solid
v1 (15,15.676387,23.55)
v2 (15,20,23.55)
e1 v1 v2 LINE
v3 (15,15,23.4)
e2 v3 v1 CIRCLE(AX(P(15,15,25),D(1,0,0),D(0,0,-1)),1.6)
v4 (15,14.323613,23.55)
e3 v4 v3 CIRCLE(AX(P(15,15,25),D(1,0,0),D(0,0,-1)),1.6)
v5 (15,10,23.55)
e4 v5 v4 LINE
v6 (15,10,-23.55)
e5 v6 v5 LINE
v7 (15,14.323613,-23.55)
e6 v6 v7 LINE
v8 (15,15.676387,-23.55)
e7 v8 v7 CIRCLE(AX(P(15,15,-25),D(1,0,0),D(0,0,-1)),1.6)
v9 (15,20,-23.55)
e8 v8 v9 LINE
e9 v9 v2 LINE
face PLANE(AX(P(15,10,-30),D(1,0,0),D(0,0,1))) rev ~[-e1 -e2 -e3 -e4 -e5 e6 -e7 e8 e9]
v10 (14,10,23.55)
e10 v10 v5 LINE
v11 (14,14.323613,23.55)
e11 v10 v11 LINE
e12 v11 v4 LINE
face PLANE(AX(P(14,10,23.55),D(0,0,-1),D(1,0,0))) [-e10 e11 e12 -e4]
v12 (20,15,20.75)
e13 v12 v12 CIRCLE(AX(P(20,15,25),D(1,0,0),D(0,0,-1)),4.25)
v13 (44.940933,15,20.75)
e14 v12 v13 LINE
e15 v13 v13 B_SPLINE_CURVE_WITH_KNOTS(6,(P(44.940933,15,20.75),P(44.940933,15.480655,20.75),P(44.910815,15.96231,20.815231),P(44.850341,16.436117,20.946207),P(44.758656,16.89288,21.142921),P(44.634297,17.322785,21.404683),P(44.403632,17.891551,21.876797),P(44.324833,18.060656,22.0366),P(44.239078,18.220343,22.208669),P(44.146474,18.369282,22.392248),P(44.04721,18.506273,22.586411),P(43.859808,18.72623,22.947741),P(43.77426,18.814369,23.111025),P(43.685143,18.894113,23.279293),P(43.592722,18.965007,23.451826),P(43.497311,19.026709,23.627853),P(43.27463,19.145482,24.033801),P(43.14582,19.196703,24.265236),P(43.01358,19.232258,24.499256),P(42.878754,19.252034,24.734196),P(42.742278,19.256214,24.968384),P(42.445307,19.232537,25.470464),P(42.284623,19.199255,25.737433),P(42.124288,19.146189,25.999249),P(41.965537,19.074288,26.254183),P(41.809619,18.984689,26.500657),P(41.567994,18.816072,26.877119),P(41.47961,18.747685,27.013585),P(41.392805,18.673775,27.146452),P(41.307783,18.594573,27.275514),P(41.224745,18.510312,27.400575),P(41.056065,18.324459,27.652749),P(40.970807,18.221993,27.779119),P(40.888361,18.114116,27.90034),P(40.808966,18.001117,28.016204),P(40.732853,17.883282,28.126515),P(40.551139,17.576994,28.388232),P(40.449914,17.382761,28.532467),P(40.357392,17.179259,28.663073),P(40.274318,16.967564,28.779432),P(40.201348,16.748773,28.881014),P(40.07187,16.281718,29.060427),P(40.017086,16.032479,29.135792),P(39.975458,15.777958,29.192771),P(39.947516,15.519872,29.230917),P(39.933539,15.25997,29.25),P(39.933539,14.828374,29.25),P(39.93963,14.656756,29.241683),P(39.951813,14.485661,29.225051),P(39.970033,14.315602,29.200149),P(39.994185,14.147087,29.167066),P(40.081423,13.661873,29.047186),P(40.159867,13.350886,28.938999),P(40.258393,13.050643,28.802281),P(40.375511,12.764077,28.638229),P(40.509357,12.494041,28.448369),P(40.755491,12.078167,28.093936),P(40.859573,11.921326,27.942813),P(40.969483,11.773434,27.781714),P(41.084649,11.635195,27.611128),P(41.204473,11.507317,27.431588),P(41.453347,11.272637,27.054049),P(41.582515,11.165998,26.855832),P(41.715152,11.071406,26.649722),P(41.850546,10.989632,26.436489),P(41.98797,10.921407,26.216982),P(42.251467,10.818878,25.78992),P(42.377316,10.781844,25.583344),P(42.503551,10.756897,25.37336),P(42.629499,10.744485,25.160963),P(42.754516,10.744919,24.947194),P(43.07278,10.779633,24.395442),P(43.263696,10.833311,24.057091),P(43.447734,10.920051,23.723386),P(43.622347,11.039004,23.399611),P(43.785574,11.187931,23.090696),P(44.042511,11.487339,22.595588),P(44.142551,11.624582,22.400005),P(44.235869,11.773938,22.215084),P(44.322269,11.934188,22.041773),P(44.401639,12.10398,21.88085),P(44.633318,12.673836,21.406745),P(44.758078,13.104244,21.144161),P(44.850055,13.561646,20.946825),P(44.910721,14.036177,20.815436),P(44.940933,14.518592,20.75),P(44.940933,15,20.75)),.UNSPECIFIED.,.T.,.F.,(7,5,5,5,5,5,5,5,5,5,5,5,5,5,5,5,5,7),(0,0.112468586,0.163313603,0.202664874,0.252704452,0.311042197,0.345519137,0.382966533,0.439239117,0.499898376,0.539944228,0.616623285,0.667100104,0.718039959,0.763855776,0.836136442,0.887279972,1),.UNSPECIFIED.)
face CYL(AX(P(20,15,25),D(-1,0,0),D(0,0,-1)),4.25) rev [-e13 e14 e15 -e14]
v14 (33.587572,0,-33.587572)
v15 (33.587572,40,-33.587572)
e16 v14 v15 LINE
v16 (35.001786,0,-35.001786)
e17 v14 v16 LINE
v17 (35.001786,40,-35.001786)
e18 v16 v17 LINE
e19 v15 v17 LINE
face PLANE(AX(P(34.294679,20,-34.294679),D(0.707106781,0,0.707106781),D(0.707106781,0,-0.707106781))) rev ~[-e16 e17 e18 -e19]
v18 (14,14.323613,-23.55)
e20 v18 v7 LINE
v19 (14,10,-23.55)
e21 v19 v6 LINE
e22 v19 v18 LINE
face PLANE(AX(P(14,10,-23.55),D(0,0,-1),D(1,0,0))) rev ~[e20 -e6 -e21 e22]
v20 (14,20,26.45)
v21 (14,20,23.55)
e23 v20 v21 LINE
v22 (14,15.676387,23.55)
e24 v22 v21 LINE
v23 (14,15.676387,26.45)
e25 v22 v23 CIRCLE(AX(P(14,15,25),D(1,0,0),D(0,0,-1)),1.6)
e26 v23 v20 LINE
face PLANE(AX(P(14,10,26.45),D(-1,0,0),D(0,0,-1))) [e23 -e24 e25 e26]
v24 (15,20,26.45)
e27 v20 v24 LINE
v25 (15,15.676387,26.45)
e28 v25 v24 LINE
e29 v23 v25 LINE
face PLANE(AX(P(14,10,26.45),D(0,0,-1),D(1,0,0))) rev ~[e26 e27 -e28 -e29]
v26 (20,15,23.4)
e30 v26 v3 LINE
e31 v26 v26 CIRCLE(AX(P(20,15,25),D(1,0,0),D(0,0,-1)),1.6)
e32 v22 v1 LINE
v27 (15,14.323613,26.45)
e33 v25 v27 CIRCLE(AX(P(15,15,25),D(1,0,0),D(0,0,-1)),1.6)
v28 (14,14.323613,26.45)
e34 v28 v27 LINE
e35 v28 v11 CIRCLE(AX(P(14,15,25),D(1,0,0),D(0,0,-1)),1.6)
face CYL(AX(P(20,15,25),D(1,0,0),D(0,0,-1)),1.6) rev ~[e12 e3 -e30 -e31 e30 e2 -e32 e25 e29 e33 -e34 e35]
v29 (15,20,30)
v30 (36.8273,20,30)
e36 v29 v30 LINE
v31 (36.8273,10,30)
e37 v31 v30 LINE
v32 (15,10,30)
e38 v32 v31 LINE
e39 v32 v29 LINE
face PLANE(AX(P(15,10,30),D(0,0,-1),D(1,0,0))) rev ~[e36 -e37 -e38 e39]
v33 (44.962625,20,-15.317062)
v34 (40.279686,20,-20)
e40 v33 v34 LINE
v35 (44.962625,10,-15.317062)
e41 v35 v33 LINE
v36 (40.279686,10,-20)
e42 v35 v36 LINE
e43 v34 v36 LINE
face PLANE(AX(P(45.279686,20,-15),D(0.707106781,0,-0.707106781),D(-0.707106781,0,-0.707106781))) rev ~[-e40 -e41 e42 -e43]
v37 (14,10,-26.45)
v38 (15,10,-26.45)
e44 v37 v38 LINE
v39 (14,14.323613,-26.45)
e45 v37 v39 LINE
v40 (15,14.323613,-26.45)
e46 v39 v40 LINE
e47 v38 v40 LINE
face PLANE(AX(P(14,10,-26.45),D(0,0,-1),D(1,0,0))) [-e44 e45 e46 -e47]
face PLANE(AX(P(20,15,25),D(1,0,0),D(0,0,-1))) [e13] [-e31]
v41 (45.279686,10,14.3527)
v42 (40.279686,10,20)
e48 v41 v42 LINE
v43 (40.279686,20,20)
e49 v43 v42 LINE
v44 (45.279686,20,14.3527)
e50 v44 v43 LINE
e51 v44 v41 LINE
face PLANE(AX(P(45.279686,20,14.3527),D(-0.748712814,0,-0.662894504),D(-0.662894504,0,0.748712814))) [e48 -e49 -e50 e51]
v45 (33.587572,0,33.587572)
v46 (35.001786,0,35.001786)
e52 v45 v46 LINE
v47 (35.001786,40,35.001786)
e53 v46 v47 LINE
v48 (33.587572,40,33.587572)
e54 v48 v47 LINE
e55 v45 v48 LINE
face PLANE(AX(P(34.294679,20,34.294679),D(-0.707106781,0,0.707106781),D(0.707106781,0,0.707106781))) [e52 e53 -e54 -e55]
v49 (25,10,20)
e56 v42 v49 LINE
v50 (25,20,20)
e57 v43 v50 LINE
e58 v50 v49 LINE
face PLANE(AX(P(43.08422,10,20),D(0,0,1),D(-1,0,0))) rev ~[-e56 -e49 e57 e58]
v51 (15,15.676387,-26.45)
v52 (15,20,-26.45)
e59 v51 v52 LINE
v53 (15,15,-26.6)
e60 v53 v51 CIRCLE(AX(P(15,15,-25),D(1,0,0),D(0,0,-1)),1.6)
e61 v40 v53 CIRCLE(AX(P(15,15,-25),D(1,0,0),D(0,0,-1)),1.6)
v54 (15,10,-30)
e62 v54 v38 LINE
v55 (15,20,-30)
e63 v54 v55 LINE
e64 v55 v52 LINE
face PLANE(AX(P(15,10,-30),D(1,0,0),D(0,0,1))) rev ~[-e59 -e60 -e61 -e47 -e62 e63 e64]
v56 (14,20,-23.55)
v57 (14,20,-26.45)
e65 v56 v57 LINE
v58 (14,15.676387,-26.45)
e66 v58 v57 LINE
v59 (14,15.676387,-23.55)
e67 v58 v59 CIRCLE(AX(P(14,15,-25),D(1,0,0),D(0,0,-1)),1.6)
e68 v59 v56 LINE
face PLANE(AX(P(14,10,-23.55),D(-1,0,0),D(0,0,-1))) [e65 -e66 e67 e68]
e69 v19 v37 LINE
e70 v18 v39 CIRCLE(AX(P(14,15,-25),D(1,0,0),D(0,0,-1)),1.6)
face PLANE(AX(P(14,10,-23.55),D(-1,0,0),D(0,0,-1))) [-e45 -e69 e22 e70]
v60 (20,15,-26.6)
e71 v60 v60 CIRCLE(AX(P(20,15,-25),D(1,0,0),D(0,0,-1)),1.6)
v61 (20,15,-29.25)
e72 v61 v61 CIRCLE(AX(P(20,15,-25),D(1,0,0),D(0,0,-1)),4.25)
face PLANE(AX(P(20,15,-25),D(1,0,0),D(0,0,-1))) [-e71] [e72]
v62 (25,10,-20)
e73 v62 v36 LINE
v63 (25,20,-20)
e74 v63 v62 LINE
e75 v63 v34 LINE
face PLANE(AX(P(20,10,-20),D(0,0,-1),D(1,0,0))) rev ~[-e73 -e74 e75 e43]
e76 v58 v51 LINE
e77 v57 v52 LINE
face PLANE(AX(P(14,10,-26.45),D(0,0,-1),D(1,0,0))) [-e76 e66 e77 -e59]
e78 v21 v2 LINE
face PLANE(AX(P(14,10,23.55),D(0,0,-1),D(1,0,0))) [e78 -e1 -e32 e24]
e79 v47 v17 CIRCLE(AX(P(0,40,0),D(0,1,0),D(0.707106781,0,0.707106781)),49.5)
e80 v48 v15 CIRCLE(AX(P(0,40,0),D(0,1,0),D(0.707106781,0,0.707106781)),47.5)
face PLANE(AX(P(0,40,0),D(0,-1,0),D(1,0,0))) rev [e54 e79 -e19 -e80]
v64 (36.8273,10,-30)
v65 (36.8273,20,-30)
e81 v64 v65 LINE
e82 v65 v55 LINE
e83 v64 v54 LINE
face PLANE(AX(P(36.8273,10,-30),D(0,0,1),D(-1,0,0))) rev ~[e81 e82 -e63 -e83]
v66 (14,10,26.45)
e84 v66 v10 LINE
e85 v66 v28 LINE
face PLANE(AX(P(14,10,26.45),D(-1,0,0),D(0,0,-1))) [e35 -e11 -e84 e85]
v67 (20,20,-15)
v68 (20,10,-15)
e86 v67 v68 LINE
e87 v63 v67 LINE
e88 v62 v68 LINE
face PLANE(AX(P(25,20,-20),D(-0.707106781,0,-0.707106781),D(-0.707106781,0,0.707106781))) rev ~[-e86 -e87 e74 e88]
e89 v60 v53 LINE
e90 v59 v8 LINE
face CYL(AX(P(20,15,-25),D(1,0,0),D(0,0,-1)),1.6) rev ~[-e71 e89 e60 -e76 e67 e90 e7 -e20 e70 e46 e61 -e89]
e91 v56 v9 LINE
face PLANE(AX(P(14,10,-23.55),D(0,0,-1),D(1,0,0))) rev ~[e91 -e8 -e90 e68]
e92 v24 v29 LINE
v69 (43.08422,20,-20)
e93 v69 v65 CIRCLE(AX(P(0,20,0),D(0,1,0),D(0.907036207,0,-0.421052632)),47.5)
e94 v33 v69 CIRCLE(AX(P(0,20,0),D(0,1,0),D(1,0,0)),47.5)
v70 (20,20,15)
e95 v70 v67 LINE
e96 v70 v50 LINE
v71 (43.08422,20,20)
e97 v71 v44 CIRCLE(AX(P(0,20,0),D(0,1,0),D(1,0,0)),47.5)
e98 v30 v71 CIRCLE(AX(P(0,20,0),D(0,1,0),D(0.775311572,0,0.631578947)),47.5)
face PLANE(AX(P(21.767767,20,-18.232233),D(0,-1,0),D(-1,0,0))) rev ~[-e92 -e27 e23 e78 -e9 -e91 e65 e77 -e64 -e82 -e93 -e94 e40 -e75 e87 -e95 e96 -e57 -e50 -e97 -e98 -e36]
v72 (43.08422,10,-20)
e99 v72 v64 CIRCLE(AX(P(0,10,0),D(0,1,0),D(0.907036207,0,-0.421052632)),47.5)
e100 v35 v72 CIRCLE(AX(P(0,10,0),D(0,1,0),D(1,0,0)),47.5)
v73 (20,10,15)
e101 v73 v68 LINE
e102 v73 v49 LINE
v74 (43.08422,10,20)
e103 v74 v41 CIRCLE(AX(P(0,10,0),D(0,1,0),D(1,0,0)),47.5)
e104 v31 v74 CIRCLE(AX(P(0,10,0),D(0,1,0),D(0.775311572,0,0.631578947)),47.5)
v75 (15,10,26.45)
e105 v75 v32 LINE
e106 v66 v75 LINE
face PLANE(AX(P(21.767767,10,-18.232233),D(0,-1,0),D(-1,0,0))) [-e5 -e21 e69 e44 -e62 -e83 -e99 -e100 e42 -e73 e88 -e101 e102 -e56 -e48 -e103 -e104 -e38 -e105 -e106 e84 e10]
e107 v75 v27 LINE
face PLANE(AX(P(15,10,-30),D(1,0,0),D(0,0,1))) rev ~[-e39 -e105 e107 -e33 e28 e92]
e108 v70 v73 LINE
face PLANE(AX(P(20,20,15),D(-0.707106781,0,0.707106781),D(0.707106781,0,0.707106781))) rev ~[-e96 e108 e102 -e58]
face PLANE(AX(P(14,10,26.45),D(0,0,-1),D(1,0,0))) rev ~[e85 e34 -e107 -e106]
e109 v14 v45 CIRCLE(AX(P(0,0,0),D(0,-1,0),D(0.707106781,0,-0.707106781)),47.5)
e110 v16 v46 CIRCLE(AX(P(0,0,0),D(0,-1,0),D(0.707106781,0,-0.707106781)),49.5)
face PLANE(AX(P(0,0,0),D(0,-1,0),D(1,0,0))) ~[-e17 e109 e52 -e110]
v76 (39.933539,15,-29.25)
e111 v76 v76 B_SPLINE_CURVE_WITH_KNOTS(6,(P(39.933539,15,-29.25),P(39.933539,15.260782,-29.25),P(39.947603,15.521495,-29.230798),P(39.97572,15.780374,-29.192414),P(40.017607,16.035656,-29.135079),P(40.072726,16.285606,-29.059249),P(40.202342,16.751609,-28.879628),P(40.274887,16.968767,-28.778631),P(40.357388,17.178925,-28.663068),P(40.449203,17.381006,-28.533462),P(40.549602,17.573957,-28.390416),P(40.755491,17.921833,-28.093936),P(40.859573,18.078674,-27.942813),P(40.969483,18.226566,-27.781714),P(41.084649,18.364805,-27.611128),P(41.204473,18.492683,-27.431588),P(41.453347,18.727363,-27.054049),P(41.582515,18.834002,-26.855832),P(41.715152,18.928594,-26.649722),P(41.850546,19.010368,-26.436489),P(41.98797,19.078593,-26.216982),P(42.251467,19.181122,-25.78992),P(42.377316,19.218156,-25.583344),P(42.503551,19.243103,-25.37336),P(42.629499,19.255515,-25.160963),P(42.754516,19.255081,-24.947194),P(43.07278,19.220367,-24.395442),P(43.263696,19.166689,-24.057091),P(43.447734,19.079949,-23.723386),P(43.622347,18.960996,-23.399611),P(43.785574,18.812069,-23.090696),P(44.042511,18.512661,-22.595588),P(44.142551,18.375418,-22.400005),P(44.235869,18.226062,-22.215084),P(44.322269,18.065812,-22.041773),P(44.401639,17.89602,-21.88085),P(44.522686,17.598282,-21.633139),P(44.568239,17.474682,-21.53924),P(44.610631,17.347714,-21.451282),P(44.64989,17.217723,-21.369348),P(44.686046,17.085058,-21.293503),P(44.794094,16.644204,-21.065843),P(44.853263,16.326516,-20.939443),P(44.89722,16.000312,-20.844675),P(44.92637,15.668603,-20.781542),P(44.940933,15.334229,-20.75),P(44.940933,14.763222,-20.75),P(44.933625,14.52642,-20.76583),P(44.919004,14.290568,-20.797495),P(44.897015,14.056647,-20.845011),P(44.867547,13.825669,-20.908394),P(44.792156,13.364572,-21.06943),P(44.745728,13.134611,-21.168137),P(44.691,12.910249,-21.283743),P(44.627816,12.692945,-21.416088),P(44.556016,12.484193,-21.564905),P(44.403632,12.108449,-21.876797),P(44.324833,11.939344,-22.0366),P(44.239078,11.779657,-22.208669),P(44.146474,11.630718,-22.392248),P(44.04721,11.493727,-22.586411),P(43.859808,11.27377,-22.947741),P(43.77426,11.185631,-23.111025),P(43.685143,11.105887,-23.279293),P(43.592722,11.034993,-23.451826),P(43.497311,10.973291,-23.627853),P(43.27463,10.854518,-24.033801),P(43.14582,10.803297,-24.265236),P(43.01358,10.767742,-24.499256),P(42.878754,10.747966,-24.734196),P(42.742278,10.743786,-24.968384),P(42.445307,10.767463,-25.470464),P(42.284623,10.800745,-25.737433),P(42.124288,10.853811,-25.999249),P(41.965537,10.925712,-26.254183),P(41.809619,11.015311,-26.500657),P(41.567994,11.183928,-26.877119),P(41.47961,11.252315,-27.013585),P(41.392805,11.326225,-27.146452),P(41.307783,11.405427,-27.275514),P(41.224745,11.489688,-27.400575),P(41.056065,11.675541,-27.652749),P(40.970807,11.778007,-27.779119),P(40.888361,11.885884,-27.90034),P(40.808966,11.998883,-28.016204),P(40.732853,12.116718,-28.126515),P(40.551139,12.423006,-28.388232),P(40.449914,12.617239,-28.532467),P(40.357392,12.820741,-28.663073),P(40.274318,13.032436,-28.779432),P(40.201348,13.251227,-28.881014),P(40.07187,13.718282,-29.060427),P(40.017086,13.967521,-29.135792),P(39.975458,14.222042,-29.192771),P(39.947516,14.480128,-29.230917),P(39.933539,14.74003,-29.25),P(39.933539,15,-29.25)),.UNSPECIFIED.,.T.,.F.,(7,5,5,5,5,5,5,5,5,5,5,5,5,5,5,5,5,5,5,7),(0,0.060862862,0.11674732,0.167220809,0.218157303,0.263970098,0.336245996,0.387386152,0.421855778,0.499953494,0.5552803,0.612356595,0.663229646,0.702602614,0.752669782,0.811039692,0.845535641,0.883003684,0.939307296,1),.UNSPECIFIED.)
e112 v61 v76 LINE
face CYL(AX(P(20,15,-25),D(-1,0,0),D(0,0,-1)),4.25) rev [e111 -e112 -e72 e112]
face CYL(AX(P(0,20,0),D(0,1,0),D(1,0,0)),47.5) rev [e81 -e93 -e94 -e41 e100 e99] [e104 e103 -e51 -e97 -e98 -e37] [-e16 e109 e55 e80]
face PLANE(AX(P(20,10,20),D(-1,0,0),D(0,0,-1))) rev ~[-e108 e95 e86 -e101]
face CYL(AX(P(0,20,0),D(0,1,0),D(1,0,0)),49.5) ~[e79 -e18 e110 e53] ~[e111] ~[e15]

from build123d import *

# Parameters (mm, degrees)
SKETCH1_W           = 2
SKETCH1_H           = 40
MAIN_ANGLE          = 90
SUPPORT_DEPTH       = 10
SKETCH6_W           = 1
SKETCH6_H           = 2.9
FIX_2_DEPTH         = 10
SKETCH9_R           = 1.6
HOLES_DEPTH         = 7
SKETCH10_R          = 4.25
BIGHOLES_DEPTH      = 30.5
BOSS_EXTRUDE3_DEPTH = 10


with BuildPart() as part:
    # Sketch1 → Main (revolve, symmetric)
    with BuildSketch(Plane.XY) as main_sk:
        with Locations((48.5, 20)):
            Rectangle(SKETCH1_W, SKETCH1_H)
    revolve(axis=Axis((0, -0.284703924, 0), (0, 1, 0)), revolution_arc=MAIN_ANGLE / 2)
    revolve(main_sk.sketch, axis=Axis((0, -0.284703924, 0), (0, -1, 0)), revolution_arc=MAIN_ANGLE / 2)

    # Sketch2 → Support (add)
    with BuildSketch(Plane(origin=(0, 10, 0), x_dir=(-1, 0, 0), z_dir=(0, -1, 0))):
        with BuildLine():
            Line((-43.084219849, -20), (-20, -20))
            Line((-20, -20), (-20, 20))
            Line((-20, 20), (-43.084219849, 20))
            ThreePointArc((-43.084219849, 20), (-40.267390497, 25.194984869), (-36.827299657, 30))
            Line((-36.827299657, 30), (-15, 30))
            Line((-15, 30), (-15, -30))
            Line((-15, -30), (-36.827299657, -30))
            ThreePointArc((-36.827299657, -30), (-40.267390497, -25.194984869), (-43.084219849, -20))
        make_face()
    extrude(amount=-SUPPORT_DEPTH)

    # Sketch6 → Fix 2 (add)
    with BuildSketch(Plane(origin=(0, 10, 0), x_dir=(1, 0, 0), z_dir=(0, 1, 0))):
        with Locations((14.5, -25)):
            Rectangle(SKETCH6_W, SKETCH6_H)
        with Locations((14.5, 25)):
            Rectangle(SKETCH6_W, SKETCH6_H)
    extrude(amount=FIX_2_DEPTH)

    # Sketch9 → Holes (cut, through all)
    with BuildSketch(Plane(origin=(20, 0, 0), x_dir=(0, 0, -1), z_dir=(1, 0, 0))):
        with Locations((25, 15)):
            Circle(SKETCH9_R)
        with Locations((-25, 15)):
            Circle(SKETCH9_R)
    extrude(amount=-HOLES_DEPTH, mode=Mode.SUBTRACT)

    # Sketch10 → BigHoles (cut, through all)
    with BuildSketch(Plane(origin=(20, 0, 0), x_dir=(0, 0, -1), z_dir=(1, 0, 0))):
        with Locations((25, 15)):
            Circle(SKETCH10_R)
        with Locations((-25, 15)):
            Circle(SKETCH10_R)
    extrude(amount=BIGHOLES_DEPTH, mode=Mode.SUBTRACT)

    # Sketch11 → Boss-Extrude3 (add)
    with BuildSketch(Plane(origin=(0, 20, 0), x_dir=(1, 0, 0), z_dir=(0, 1, 0))):
        Polygon((20, 20), (25, 20), (20, 15), align=None)
        Polygon((20, -20), (20, -15), (25, -20), align=None)
        Polygon((40.279686395, 20), (45.279686395, 20), (45.279686395, 15), align=None)
        Polygon((40.279686395, -20), (45.279686395, -20), (45.279686395, -14.352700094), align=None)
    extrude(amount=-BOSS_EXTRUDE3_DEPTH)


solid = part.part
